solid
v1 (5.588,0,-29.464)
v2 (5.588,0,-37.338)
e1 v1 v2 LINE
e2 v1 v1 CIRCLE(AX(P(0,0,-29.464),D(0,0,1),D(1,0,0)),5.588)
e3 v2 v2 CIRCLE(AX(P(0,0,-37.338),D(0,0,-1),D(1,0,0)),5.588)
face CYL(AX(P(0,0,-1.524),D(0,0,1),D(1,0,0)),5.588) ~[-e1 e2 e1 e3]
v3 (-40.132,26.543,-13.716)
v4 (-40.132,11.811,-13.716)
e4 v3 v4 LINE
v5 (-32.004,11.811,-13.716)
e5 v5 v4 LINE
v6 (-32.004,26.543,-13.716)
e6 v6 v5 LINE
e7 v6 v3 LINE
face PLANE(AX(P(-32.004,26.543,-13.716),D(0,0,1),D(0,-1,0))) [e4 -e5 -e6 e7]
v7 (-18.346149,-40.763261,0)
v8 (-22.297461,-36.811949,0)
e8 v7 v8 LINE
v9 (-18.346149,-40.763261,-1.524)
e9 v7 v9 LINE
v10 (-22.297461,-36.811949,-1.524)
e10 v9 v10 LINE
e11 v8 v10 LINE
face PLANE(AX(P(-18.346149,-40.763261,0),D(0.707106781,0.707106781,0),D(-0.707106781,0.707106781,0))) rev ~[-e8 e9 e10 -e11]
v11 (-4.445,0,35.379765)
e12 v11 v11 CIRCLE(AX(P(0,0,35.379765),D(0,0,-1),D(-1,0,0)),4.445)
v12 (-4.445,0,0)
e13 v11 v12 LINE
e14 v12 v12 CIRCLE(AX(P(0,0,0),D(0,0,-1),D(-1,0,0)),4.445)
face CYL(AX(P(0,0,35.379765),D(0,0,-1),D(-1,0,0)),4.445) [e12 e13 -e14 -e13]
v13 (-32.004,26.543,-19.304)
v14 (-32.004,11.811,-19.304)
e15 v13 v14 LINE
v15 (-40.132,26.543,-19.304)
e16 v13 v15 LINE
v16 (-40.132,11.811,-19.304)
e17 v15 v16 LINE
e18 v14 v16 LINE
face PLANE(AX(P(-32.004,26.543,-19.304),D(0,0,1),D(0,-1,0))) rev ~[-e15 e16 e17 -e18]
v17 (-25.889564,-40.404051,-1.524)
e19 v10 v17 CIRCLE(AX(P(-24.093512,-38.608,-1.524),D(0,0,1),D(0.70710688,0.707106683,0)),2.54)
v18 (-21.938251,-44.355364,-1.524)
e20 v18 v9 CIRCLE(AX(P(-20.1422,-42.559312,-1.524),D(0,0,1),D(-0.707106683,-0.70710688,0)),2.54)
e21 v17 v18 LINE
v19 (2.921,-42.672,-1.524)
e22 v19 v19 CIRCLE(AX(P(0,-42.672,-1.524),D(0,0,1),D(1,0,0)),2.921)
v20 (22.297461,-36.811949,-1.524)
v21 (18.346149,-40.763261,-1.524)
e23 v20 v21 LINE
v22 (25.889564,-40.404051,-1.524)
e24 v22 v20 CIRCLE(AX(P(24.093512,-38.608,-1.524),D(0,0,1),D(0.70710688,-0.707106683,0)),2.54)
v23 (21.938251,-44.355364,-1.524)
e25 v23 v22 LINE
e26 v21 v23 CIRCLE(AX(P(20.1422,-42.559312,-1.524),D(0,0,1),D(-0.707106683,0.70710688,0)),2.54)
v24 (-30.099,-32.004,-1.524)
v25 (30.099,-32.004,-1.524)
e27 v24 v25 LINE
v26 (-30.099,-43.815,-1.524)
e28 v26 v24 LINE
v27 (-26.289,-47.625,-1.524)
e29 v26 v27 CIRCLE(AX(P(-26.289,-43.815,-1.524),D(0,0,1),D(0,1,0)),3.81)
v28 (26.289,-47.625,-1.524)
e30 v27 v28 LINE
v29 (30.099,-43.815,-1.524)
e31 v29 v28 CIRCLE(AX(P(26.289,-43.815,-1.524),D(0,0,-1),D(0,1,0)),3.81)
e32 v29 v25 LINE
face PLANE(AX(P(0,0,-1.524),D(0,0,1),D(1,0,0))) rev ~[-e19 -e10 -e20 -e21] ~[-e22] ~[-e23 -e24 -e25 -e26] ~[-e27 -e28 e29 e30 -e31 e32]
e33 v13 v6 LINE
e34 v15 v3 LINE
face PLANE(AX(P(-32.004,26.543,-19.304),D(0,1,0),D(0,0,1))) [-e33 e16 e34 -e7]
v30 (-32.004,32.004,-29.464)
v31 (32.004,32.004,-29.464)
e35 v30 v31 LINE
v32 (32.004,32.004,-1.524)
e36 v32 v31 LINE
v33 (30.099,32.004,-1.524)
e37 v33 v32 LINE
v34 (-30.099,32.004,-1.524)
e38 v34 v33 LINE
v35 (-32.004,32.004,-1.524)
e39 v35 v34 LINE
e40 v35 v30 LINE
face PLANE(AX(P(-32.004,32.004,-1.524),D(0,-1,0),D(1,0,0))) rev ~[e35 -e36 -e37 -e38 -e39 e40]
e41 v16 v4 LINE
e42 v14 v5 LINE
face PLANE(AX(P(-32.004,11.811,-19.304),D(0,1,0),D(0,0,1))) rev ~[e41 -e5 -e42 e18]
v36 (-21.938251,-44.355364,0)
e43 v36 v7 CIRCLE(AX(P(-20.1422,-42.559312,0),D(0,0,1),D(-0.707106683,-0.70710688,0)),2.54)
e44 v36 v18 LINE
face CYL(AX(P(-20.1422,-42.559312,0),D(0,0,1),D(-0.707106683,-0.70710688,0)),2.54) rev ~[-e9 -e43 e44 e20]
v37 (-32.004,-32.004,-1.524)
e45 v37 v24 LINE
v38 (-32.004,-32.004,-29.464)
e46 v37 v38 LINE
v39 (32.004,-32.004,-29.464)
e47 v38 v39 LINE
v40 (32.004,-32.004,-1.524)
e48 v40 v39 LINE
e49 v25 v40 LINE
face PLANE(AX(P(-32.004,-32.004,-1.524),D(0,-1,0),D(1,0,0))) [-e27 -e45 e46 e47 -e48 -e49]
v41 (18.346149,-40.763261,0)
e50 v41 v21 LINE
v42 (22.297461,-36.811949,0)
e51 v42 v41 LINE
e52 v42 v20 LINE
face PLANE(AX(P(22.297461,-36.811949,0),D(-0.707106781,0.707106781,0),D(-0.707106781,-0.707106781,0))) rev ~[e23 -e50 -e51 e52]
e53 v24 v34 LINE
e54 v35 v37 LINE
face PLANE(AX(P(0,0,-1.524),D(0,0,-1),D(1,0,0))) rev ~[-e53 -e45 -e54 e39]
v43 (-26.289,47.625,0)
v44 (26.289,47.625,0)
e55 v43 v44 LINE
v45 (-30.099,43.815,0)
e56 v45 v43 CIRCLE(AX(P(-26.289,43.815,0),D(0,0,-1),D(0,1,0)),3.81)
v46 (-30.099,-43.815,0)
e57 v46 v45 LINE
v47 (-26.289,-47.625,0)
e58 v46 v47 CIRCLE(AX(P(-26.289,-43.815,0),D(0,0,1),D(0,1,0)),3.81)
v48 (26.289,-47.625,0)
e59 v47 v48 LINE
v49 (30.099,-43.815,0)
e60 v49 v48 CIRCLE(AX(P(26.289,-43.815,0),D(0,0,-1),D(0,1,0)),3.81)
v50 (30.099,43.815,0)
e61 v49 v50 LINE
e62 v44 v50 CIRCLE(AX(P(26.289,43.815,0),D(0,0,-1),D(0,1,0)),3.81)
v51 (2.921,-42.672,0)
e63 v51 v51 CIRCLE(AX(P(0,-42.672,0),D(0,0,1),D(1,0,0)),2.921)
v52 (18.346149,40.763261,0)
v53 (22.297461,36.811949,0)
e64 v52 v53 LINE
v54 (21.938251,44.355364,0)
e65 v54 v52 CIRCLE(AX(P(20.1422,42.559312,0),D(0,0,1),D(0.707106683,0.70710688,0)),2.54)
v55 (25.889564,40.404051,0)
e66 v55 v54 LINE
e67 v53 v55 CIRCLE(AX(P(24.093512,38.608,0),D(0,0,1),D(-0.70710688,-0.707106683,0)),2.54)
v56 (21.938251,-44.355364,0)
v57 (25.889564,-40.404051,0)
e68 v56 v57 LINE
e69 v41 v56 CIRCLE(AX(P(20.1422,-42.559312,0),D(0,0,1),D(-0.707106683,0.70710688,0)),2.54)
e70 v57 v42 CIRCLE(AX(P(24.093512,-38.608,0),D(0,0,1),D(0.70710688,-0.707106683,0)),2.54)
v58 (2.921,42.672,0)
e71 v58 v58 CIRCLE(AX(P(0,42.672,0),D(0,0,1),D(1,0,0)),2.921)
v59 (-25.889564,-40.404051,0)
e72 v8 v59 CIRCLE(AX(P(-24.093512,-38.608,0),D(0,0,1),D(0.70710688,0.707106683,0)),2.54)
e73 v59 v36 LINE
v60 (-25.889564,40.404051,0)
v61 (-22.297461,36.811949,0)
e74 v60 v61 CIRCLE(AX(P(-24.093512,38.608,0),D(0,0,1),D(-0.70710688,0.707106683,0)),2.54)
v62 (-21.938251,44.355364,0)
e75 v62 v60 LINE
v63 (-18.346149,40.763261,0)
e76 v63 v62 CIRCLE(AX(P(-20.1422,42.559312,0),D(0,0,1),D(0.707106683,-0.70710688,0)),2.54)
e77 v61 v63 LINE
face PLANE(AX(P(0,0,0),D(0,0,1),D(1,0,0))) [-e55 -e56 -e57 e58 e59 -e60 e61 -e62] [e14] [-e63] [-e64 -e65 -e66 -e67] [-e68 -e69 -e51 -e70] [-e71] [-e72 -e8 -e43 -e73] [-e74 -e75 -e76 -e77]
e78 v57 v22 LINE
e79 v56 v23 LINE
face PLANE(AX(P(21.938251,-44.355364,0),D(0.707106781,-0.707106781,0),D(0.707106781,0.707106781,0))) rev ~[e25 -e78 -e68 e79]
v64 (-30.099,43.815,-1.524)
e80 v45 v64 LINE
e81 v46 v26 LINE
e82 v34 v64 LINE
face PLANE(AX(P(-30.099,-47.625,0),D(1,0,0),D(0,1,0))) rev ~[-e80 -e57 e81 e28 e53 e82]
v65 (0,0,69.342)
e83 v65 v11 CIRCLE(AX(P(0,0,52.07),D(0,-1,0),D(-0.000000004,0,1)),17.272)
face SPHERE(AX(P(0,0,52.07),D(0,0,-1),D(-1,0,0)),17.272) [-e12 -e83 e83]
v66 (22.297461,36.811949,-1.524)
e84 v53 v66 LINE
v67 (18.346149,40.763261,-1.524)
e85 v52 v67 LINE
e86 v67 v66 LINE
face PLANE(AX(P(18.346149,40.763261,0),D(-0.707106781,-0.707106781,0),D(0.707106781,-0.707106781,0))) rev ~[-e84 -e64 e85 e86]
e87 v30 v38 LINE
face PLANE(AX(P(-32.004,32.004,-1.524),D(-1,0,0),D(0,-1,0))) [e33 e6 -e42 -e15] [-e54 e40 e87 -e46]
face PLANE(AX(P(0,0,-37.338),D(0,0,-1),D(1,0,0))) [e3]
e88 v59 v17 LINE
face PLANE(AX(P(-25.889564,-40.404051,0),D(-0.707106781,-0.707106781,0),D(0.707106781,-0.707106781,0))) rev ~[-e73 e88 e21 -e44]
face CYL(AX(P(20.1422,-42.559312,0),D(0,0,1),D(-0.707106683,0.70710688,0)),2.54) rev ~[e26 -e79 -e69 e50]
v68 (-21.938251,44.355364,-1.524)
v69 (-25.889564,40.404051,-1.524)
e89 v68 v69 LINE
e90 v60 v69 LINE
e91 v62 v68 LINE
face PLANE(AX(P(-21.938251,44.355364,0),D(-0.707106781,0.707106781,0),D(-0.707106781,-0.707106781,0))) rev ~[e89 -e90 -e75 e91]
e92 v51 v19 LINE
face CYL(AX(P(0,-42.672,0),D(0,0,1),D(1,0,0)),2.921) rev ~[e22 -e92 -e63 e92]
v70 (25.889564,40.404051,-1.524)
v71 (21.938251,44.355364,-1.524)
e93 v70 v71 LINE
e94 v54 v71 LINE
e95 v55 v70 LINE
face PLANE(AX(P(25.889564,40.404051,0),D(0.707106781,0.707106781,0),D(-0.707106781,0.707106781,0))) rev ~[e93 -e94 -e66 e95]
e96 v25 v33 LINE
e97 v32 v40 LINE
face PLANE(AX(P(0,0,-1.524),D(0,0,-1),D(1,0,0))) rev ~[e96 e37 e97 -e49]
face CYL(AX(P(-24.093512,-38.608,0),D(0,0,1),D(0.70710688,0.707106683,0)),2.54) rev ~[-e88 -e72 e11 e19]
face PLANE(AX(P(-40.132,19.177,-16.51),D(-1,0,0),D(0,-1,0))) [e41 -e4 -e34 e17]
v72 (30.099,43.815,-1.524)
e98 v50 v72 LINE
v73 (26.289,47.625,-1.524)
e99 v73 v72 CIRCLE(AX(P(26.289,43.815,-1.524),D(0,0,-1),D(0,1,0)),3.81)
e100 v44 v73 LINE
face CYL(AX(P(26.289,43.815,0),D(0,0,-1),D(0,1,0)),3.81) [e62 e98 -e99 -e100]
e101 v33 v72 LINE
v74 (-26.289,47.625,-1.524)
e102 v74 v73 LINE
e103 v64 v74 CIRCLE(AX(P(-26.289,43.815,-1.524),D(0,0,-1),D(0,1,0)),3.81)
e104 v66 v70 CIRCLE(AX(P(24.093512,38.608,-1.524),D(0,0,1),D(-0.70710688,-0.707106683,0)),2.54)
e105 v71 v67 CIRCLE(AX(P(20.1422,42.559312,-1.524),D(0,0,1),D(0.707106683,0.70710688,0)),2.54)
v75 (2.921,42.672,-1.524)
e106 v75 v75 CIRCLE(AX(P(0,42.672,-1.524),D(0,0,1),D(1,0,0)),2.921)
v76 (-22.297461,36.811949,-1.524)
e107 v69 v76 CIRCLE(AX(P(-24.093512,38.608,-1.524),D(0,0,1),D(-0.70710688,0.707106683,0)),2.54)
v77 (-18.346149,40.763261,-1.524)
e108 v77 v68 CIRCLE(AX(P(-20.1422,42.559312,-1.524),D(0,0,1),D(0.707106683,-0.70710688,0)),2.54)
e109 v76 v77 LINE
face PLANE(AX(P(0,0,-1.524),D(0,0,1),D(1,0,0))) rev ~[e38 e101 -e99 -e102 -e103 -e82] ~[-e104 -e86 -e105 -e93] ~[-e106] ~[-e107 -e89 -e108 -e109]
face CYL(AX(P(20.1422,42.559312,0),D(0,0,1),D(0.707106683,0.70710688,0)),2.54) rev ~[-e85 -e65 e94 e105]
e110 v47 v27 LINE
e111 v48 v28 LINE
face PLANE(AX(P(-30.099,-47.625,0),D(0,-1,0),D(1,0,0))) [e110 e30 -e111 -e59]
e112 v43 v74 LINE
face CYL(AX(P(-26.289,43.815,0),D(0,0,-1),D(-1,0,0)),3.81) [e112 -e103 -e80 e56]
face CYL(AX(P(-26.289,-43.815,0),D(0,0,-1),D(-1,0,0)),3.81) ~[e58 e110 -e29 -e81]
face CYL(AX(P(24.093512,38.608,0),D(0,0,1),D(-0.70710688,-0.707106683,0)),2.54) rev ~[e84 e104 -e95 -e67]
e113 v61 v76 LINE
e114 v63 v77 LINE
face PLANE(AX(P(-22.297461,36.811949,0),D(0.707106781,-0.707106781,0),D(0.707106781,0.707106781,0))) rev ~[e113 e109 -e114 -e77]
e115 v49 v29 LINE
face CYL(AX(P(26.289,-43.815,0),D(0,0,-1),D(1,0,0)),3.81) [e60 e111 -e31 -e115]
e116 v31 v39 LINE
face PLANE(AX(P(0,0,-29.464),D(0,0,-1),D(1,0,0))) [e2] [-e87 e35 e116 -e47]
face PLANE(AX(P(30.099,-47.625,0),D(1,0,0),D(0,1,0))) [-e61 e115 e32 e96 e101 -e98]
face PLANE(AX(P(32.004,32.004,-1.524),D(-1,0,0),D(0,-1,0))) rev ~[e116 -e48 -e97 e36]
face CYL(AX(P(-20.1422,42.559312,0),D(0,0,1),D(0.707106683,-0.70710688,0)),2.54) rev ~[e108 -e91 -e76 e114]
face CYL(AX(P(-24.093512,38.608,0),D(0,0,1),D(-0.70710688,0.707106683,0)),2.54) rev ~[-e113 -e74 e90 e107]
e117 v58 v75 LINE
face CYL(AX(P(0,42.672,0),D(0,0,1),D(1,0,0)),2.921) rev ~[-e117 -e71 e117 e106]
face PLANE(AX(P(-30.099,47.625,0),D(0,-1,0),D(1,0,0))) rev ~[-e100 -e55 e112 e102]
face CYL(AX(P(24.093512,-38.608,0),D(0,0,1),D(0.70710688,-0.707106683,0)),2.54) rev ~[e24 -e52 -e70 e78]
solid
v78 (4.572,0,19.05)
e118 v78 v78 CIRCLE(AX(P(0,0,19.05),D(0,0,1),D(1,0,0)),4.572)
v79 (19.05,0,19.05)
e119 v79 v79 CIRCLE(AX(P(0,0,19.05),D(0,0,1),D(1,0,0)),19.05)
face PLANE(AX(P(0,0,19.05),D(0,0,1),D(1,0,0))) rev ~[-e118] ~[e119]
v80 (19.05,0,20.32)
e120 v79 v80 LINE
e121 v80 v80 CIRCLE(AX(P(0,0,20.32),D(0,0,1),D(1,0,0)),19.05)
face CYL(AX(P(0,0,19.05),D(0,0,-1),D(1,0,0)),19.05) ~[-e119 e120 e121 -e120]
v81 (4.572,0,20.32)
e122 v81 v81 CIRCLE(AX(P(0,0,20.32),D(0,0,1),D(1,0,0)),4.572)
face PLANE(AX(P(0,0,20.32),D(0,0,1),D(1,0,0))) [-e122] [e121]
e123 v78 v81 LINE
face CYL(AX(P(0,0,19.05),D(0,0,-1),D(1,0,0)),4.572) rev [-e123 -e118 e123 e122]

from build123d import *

# Parameters (mm, degrees)
F0_W      = 60.198
F0_H      = 95.25
F1_DEPTH  = 1.524
F2_W      = 64.008
F2_H      = 64.008
F3_DEPTH  = 27.94
F4_R      = 5.588
F5_DEPTH  = 35.814
F8_R      = 2.921
F9_DEPTH  = 37.339
F10_R     = 3.81
F12_R     = 19.05
F12_R_2   = 4.572
F13_DEPTH = 1.27
F14_W     = 14.732
F14_H     = 5.588
F15_DEPTH = 8.128


with BuildPart() as f1:
    # F0 (on Top) → F1 (new body)
    with BuildSketch(Plane.XY):
        Rectangle(F0_W, F0_H)
    extrude(amount=-F1_DEPTH)

    # F2 (on face) → F3 (join)
    with BuildSketch(Plane(origin=(0, 0, -1.524), x_dir=(1, 0, 0), z_dir=(0, 0, -1))):
        Rectangle(F2_W, F2_H)
    extrude(amount=F3_DEPTH)

    # F4 (on face) → F5 (join)
    with BuildSketch(Plane(origin=(0, 0, -1.524), x_dir=(1, 0, 0), z_dir=(0, 0, -1))):
        Circle(F4_R)
    extrude(amount=F5_DEPTH)

    # F6 (on Front) → F7 (revolve)
    with BuildSketch(Plane.XZ):
        with BuildLine():
            Line((0, 0), (0, 69.342))
            ThreePointArc((0, 69.342), (-17.125941, 54.311455), (-4.445, 35.379765))
            Line((-4.445, 35.379765), (-4.445, 0))
            Line((-4.445, 0), (0, 0))
        make_face()
    revolve(axis=Axis((0, 0, 34.671), (0, 0, -1)))

    # F8 (on face) → F9 (cut, through all)
    with BuildSketch(Plane.XY):
        with BuildLine():
            ThreePointArc((25.889564, -40.404051), (25.889564, -36.811949), (22.297461, -36.811949))
            Line((22.297461, -36.811949), (18.346149, -40.763261))
            ThreePointArc((18.346149, -40.763261), (18.346149, -44.355364), (21.938251, -44.355364))
            Line((21.938251, -44.355364), (25.889564, -40.404051))
        make_face()
        with BuildLine():
            Line((-18.346149, -40.763261), (-22.297461, -36.811949))
            ThreePointArc((-22.297461, -36.811949), (-25.889564, -36.811949), (-25.889564, -40.404051))
            Line((-25.889564, -40.404051), (-21.938251, -44.355364))
            ThreePointArc((-21.938251, -44.355364), (-18.346149, -44.355364), (-18.346149, -40.763261))
        make_face()
        with BuildLine():
            ThreePointArc((-18.346149, 40.763261), (-18.346149, 44.355364), (-21.938251, 44.355364))
            Line((-21.938251, 44.355364), (-25.889564, 40.404051))
            ThreePointArc((-25.889564, 40.404051), (-25.889564, 36.811949), (-22.297461, 36.811949))
            Line((-22.297461, 36.811949), (-18.346149, 40.763261))
        make_face()
        with BuildLine():
            Line((25.889564, 40.404051), (21.938251, 44.355364))
            ThreePointArc((21.938251, 44.355364), (18.346149, 44.355364), (18.346149, 40.763261))
            Line((18.346149, 40.763261), (22.297461, 36.811949))
            ThreePointArc((22.297461, 36.811949), (25.889564, 36.811949), (25.889564, 40.404051))
        make_face()
        with Locations((0, -42.672)):
            Circle(F8_R)
        with Locations((0, 42.672)):
            Circle(F8_R)
    extrude(amount=-F9_DEPTH, mode=Mode.SUBTRACT)

    # F10
    f10_edges = [f1.edges().sort_by_distance(p)[0] for p in [
        (30.099, -47.625, -0.762),
        (-30.099, -47.625, -0.762),
        (-30.099, 47.625, -0.762),
        (30.099, 47.625, -0.762),
    ]]
    fillet(f10_edges, radius=F10_R)

    # F14 (on face) → F15 (join)
    with BuildSketch(Plane(origin=(-32.004, 0, 0), x_dir=(0, -1, 0), z_dir=(-1, 0, 0))):
        with Locations((-19.177, -16.51)):
            Rectangle(F14_W, F14_H)
    extrude(amount=F15_DEPTH)


with BuildPart() as f13:
    # F12 (on offset) → F13 (new body)
    with BuildSketch(Plane.XY.offset(19.05)):
        Circle(F12_R)
        Circle(F12_R_2, mode=Mode.SUBTRACT)
    extrude(amount=F13_DEPTH)


solid = Compound([f1.part, f13.part])
